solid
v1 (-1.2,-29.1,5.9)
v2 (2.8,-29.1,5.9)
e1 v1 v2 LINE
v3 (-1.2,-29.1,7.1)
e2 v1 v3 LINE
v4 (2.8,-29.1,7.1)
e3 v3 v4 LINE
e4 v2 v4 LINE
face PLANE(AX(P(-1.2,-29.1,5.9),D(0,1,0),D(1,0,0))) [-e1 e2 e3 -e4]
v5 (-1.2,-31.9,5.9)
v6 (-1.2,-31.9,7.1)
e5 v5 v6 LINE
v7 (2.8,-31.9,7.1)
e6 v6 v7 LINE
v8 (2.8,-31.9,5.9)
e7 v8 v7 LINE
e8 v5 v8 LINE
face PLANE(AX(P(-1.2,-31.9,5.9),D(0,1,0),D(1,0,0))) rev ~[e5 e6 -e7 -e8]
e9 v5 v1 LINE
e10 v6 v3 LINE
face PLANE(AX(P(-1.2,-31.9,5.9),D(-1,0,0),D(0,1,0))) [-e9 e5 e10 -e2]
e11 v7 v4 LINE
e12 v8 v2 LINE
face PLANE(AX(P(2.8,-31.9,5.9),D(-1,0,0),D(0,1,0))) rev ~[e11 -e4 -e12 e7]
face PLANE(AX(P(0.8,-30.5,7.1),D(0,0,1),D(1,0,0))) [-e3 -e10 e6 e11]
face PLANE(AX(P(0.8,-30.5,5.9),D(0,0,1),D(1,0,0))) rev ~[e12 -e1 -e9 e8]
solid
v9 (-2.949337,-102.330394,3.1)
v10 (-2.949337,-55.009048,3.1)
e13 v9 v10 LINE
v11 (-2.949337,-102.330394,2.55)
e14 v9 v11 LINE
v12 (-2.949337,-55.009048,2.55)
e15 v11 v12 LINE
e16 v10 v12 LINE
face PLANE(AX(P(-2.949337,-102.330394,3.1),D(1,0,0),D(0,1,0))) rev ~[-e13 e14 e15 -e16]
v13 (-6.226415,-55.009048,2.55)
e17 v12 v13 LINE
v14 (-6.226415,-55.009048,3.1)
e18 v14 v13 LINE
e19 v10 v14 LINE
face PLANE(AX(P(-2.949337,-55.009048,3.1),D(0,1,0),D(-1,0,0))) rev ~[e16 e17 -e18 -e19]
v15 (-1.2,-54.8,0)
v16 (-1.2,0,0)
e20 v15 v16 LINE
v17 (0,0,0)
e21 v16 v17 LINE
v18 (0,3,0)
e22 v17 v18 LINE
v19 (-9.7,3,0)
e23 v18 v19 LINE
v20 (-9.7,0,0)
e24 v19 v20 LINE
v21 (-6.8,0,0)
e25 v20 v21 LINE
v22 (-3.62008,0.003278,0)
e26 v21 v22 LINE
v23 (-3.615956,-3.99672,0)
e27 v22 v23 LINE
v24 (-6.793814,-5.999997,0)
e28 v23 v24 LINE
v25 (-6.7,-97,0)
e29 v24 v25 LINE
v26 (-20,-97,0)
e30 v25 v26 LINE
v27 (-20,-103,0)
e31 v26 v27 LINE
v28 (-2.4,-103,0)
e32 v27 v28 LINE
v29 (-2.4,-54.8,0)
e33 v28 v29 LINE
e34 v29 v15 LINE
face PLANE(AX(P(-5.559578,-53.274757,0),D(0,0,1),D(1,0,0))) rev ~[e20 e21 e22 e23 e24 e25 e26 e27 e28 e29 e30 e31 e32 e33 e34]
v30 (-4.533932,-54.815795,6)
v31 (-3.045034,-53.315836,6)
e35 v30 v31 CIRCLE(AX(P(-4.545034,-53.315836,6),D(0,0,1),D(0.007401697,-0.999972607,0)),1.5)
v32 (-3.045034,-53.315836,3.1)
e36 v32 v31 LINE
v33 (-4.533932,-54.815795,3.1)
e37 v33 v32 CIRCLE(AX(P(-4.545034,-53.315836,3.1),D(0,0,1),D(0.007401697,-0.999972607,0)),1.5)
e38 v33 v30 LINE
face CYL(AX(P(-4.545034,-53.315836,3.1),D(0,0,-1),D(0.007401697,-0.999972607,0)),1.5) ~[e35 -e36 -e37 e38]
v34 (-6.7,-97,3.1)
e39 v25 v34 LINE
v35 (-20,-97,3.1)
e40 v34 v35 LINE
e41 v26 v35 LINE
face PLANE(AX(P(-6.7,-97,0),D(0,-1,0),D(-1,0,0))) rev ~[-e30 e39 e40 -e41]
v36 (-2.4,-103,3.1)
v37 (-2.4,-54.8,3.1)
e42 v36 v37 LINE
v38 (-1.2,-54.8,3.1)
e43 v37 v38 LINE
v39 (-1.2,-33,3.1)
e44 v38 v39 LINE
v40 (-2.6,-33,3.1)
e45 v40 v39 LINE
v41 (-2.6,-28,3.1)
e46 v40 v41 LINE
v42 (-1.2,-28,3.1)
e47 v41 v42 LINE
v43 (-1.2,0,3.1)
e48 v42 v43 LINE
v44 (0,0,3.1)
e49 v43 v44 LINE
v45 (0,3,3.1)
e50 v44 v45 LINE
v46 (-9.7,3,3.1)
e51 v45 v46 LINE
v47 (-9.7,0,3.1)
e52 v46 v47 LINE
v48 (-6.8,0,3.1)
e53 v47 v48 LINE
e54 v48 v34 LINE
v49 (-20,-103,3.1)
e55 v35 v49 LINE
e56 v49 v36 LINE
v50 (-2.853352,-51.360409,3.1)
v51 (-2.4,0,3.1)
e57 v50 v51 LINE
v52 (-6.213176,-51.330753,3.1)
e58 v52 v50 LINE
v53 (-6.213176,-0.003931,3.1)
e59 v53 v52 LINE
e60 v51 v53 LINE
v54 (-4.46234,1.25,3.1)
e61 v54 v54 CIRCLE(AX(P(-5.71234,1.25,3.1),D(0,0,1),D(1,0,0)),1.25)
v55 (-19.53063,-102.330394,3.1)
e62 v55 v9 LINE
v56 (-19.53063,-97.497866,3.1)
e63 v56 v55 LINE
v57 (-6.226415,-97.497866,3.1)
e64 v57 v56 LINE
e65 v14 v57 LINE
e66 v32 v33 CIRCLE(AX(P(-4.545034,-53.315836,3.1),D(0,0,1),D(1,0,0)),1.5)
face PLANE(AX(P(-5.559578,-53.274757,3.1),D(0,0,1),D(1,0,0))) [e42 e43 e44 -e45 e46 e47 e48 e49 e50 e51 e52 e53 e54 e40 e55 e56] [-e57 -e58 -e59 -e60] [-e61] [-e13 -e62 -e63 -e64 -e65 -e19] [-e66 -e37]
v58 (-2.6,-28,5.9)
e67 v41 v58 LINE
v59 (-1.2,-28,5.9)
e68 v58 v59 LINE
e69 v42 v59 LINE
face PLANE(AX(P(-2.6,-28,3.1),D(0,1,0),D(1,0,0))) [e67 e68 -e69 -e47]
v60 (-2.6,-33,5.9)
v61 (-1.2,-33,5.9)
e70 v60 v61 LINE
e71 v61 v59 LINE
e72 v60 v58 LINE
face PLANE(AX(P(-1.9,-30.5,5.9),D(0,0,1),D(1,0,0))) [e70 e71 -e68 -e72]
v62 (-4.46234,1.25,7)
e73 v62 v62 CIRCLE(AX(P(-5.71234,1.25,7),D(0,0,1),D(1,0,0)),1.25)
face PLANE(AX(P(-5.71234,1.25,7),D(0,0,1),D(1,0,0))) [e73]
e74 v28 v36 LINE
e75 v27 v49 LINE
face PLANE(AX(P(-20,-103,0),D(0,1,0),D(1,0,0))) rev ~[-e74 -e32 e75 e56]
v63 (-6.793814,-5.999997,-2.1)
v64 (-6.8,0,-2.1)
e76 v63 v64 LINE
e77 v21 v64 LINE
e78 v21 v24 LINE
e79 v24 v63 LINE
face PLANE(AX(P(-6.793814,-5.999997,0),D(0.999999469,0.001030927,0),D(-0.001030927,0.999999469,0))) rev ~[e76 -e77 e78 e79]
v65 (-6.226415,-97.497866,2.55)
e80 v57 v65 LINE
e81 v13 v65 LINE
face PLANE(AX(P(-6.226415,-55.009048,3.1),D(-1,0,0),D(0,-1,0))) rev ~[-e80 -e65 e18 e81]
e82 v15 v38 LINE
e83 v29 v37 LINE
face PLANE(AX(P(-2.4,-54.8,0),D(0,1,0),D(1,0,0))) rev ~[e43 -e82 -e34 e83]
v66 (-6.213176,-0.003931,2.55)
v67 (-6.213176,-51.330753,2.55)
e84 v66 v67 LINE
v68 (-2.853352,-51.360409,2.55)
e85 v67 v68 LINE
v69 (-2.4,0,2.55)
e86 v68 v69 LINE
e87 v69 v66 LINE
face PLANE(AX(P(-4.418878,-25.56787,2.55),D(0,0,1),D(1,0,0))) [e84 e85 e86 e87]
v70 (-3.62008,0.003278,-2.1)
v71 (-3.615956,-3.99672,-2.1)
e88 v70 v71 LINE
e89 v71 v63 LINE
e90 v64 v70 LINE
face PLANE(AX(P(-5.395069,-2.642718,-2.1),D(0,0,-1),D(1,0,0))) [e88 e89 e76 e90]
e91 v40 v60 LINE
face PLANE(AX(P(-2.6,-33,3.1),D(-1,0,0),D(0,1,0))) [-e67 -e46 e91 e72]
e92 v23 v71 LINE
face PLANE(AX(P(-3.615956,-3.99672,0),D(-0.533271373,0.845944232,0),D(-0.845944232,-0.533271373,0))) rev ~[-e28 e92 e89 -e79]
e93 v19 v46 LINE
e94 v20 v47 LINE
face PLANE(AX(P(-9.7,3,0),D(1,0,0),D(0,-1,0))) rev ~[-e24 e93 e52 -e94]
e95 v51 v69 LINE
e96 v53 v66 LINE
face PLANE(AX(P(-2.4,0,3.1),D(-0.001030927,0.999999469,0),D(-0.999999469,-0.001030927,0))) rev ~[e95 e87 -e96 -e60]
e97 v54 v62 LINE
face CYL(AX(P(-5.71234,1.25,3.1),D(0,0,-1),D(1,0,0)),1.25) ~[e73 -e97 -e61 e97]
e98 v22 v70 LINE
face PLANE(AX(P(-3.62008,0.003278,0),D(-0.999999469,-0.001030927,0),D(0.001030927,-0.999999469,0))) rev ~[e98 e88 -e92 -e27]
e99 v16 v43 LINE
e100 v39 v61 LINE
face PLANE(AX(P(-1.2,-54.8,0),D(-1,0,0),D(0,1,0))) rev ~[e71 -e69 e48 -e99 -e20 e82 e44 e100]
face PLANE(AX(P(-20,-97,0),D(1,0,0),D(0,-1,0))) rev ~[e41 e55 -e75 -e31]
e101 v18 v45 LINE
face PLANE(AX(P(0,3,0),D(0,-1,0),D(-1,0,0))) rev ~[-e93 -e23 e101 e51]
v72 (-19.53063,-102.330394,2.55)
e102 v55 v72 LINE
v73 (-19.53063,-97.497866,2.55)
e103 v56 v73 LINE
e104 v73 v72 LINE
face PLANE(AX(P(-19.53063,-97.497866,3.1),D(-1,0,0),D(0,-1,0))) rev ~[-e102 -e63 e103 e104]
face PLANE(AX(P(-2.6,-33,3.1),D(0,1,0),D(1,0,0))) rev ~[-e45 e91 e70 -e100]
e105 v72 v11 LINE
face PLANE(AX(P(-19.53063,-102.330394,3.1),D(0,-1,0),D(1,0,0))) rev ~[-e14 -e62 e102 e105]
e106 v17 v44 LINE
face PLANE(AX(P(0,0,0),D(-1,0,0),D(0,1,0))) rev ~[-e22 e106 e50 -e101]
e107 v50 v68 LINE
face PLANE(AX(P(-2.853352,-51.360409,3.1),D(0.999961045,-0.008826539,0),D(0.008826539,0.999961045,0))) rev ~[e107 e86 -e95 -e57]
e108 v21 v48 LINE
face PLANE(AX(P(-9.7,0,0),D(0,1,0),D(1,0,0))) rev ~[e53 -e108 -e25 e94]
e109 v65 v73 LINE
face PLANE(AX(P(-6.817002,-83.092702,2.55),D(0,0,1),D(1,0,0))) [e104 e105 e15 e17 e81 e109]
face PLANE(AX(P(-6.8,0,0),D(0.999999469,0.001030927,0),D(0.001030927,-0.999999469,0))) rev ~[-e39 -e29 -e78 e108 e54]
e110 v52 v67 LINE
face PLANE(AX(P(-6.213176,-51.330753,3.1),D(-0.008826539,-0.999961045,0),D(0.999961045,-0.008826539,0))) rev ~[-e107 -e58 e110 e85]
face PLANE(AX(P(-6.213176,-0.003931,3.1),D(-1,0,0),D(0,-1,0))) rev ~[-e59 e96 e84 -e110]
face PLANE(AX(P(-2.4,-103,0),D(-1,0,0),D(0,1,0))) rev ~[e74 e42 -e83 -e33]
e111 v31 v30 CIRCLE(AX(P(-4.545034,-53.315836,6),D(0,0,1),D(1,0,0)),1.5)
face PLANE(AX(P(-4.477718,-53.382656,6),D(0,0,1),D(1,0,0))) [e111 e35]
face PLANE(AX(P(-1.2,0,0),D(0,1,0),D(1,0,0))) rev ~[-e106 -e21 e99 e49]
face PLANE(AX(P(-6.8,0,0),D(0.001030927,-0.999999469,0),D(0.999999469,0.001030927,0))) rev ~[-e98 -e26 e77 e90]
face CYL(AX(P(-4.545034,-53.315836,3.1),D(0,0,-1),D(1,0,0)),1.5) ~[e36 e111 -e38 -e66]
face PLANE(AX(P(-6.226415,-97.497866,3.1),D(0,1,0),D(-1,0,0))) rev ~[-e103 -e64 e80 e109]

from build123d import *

# Parameters (mm, degrees)
F1_DEPTH  = 3.1
F3_DEPTH  = 2.1
F4_R      = 1.25
F5_DEPTH  = 3.9
F6_W      = 1.4
F6_H      = 5
F7_DEPTH  = 2.8
F8_W      = 4
F8_H      = 2.8
F9_DEPTH  = 1.2
F11_DEPTH = 2.9
F14_DEPTH = 0.55
F15_DEPTH = 0.55


with BuildPart() as f1:
    # F0 (on Top) → F1 (new body)
    with BuildSketch(Plane.XY):
        Polygon((0, 0), (0, 3), (-9.7, 3), (-9.7, 0), (-6.8, 0), (-6.7, -97), (-20, -97), (-20, -103), (-2.4, -103), (-2.4, -54.8), (-1.2, -54.8), (-1.2, 0), align=None)
    extrude(amount=F1_DEPTH)

    # F2 (on face) → F3 (join)
    with BuildSketch(Plane(origin=(0, 0, 0), x_dir=(1, 0, 0), z_dir=(0, 0, -1))):
        Polygon((-6.7938144363, 5.9999968116), (-6.8, 0), (-3.6200799611, -0.0032782681), (-3.615956252, 3.9967196063), align=None)
    extrude(amount=F3_DEPTH)

    # F4 (on face) → F5 (join)
    with BuildSketch(Plane.XY.offset(3.1)):
        with Locations((-5.7123401202, 1.25)):
            Circle(F4_R)
    extrude(amount=F5_DEPTH)

    # F6 (on face) → F7 (join)
    with BuildSketch(Plane.XY.offset(3.1)):
        with Locations((-1.9, -30.5)):
            Rectangle(F6_W, F6_H)
    extrude(amount=F7_DEPTH)

    # F10 (on face) → F11 (join)
    with BuildSketch(Plane.XY.offset(3.1)):
        with BuildLine():
            ThreePointArc((-4.5339315057, -54.8157951462), (-3.4804557737, -54.3725637742), (-3.0450340513, -53.3158362356))
            ThreePointArc((-3.0450340513, -53.3158362356), (-5.6096123289, -52.259108697), (-4.5339315057, -54.8157951462))
        make_face()
    extrude(amount=F11_DEPTH)

    # F13 (on face) → F14 (cut)
    with BuildSketch(Plane.XY.offset(3.1)):
        Polygon((-2.9493372479, -102.3303940892), (-2.9493372479, -55.0090484321), (-6.2264152803, -55.0090484321), (-6.2264152803, -97.4978655577), (-19.5306297392, -97.4978655577), (-19.5306297392, -102.3303940892), align=None)
    extrude(amount=-F14_DEPTH, mode=Mode.SUBTRACT)

    # F12 (on face) → F15 (cut)
    with BuildSketch(Plane.XY.offset(3.1)):
        Polygon((-2.8533523054, -51.3604094433), (-2.4, 0), (-6.213176353, -0.0039311096), (-6.213176353, -51.3307526708), align=None)
    extrude(amount=-F15_DEPTH, mode=Mode.SUBTRACT)


with BuildPart() as f9:
    # F8 (on face) → F9 (new body)
    with BuildSketch(Plane.XY.offset(5.9)):
        with Locations((0.8, -30.5)):
            Rectangle(F8_W, F8_H)
    extrude(amount=F9_DEPTH)


solid = Compound([f1.part, f9.part])
